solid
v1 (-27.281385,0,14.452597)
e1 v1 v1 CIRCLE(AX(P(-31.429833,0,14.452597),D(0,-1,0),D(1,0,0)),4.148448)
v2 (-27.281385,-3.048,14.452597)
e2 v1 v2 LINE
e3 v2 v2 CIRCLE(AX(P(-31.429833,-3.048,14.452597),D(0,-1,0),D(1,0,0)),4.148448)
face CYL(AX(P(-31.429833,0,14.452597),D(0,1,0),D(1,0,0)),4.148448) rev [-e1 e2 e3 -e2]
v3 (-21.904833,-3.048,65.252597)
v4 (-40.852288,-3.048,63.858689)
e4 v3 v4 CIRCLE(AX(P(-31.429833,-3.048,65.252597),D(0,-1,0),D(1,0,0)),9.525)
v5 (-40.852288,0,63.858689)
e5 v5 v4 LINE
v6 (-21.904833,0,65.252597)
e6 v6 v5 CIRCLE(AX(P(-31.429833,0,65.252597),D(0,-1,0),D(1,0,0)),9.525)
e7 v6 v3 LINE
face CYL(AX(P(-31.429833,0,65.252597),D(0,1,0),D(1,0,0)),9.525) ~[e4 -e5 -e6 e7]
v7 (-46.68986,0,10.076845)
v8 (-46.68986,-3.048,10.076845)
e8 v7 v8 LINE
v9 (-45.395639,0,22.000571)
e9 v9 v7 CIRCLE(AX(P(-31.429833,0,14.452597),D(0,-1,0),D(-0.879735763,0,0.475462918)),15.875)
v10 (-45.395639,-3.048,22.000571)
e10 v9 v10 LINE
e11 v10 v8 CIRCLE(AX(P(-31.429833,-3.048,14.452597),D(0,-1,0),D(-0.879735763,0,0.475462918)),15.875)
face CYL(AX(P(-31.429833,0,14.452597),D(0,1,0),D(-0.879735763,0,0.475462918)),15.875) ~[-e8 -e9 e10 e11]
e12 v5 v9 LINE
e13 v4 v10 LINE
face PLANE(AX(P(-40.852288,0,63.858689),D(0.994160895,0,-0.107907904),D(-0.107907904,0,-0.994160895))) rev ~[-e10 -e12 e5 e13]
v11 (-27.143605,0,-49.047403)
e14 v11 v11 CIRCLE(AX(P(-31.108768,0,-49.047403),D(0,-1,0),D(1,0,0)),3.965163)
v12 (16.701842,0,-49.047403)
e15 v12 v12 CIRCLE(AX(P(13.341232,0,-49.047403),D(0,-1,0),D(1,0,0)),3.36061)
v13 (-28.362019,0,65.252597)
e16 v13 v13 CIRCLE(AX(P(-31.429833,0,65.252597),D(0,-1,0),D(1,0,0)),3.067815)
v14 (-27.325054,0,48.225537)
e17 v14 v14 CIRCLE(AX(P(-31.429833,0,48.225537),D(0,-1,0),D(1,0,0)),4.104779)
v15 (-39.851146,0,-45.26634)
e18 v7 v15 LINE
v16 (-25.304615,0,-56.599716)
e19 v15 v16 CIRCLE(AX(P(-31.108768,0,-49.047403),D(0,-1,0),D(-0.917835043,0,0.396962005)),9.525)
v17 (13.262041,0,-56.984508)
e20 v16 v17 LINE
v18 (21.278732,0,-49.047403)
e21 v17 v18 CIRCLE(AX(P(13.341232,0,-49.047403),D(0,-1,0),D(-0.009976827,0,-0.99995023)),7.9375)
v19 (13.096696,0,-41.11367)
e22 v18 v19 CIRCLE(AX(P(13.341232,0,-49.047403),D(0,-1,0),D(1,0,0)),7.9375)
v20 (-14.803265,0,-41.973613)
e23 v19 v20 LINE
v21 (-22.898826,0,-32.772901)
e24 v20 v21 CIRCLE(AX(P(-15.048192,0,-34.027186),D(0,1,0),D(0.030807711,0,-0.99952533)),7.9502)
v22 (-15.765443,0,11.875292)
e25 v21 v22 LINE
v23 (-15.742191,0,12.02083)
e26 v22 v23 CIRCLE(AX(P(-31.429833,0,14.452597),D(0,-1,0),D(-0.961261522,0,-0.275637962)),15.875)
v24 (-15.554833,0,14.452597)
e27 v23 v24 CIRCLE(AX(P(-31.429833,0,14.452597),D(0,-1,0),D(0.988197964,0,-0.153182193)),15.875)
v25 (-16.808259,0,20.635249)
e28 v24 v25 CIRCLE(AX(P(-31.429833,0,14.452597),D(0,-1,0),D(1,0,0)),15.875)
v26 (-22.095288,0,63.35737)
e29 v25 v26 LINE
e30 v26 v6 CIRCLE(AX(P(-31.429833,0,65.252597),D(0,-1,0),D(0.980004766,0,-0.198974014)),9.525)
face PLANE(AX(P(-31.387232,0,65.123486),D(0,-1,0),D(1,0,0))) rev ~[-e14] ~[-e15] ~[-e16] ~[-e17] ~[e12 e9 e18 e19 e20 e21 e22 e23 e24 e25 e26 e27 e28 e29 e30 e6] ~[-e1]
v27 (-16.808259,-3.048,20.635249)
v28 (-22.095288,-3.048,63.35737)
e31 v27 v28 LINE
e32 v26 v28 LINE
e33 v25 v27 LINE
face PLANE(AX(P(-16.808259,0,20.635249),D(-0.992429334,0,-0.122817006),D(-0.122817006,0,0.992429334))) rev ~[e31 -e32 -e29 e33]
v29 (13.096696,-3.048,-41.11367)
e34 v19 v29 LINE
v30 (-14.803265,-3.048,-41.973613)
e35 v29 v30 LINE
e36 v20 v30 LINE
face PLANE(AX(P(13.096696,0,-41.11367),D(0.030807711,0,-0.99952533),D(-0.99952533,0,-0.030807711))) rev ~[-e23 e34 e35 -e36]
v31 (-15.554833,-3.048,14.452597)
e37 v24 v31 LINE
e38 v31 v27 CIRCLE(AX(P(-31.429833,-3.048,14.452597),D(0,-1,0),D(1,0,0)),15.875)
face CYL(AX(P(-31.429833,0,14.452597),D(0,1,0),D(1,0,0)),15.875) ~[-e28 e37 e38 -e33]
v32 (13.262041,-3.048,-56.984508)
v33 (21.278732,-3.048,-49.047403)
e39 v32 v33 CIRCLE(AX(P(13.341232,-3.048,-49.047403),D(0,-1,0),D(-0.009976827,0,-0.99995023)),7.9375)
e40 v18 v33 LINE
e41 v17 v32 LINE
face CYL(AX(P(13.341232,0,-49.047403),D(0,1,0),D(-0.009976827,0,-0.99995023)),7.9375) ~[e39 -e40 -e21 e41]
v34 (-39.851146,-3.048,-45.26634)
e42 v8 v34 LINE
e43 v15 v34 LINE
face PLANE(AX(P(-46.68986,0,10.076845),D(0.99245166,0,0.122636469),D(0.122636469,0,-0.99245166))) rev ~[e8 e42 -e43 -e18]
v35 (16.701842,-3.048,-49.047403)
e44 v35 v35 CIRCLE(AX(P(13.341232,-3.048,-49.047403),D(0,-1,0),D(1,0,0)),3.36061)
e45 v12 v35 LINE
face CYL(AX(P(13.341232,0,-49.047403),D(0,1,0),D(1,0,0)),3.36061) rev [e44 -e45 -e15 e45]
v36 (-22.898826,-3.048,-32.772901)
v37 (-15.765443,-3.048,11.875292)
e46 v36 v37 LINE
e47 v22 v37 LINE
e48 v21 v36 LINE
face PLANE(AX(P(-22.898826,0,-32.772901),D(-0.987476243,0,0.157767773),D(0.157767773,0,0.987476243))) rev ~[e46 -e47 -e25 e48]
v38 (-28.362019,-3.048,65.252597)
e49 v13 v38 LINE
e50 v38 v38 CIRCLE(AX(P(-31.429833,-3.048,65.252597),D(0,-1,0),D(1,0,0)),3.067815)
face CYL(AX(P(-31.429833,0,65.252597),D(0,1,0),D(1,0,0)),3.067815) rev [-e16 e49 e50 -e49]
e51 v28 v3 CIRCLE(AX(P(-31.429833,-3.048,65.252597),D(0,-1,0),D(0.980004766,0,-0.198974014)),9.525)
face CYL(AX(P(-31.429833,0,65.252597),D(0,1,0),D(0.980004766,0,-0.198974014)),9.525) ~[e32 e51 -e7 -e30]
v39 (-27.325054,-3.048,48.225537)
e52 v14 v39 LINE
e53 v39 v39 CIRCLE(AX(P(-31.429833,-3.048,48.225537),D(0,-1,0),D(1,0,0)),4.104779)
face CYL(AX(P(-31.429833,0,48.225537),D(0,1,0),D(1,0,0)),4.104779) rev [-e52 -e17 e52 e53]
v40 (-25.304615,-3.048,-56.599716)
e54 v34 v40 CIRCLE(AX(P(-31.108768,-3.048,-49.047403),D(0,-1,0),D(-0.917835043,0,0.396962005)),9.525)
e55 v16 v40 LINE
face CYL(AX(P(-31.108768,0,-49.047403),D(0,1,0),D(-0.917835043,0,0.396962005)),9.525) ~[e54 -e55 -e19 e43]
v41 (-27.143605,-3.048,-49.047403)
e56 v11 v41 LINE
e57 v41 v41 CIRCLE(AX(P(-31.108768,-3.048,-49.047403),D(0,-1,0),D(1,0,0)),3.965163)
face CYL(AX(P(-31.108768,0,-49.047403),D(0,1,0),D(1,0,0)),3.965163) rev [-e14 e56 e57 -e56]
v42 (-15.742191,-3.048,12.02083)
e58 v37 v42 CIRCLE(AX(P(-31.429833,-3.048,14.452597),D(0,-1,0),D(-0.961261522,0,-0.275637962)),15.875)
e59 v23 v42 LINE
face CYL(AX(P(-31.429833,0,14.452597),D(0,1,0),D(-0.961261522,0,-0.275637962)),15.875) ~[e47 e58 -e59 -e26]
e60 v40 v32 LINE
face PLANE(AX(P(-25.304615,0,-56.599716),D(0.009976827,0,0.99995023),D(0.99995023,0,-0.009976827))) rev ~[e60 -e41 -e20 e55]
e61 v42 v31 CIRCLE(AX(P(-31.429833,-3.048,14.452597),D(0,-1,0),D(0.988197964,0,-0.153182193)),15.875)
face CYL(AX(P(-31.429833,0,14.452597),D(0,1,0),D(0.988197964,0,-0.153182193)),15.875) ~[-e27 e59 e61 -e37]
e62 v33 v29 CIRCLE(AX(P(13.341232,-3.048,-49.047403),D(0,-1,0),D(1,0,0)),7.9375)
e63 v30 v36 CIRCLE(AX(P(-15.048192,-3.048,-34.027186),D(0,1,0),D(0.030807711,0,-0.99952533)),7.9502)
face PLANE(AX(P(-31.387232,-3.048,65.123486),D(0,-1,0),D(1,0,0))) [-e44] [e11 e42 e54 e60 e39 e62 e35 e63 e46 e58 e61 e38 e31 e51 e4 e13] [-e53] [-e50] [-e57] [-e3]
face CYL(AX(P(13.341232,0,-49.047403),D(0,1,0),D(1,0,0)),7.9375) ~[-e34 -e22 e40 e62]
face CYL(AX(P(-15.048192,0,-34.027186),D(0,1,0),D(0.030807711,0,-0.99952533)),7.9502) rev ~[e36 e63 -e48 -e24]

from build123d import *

# Parameters (mm, degrees)
F0_R     = 3.0678148128
F0_R_2   = 4.1047794864
F0_R_3   = 4.1484481905
F0_R_4   = 3.9651627148
F0_R_5   = 3.3606099615
F1_DEPTH = 3.048


with BuildPart() as f1:
    # F0 (on Front) → F1 (new body)
    with BuildSketch(Plane.XZ):
        with BuildLine():
            ThreePointArc((-22.0952880495, 63.3573697132), (-21.9525667016, 64.3002107009), (-21.9048334464, 65.252597202))
            ThreePointArc((-21.9048334464, 65.252597202), (-32.1286708221, 74.7519261953), (-40.8522877923, 63.8586893501))
            ThreePointArc((-40.8522877923, 63.8586893501), (-31.6843179064, 55.7309974069), (-22.0952880495, 63.3573697132))
        make_face()
        with Locations((-31.4298334464, 65.252597202)):
            Circle(F0_R, mode=Mode.SUBTRACT)
        with BuildLine():
            Line((-22.8988258818, -32.7729009955), (-15.7421907695, 12.0208298938))
            ThreePointArc((-15.7421907695, 12.0208298938), (-30.4346030163, -1.3911757511), (-46.6898601111, 10.076844559))
            Line((-46.6898601111, 10.076844559), (-39.8511464985, -45.2663396961))
            ThreePointArc((-39.8511464985, -45.2663396961), (-29.178163265, -39.7201099719), (-21.5837677135, -49.047402798))
            ThreePointArc((-21.5837677135, -49.047402798), (-22.5644659866, -53.2569791424), (-25.3046145376, -56.599715749))
            Line((-25.3046145376, -56.599715749), (13.2620412226, -56.9845077504))
            ThreePointArc((13.2620412226, -56.9845077504), (5.404163013, -49.1300925666), (13.0966960788, -41.1136704926))
            Line((13.0966960788, -41.1136704926), (-14.8032647914, -41.9736126187))
            ThreePointArc((-14.8032647914, -41.9736126187), (-21.0168575298, -39.2789208077), (-22.8988258818, -32.7729009955))
        make_face()
        with BuildLine():
            ThreePointArc((-22.0952880495, 63.3573697132), (-31.6843179064, 55.7309974069), (-40.8522877923, 63.8586893501))
            Line((-40.8522877923, 63.8586893501), (-45.3956386903, 22.0005710287))
            ThreePointArc((-45.3956386903, 22.0005710287), (-30.6725126501, 30.309522825), (-16.808258716, 20.6352485268))
            Line((-16.808258716, 20.6352485268), (-22.0952880495, 63.3573697132))
        make_face()
        with Locations((-31.4298334464, 48.2255369425)):
            Circle(F0_R_2, mode=Mode.SUBTRACT)
        with BuildLine():
            Line((-46.6898601111, 10.076844559), (-45.3956386903, 22.0005710287))
            ThreePointArc((-45.3956386903, 22.0005710287), (-47.2121376482, 16.1656351704), (-46.6898601111, 10.076844559))
        make_face()
        with BuildLine():
            ThreePointArc((-16.808258716, 20.6352485268), (-30.6725126501, 30.309522825), (-45.3956386903, 22.0005710287))
            Line((-45.3956386903, 22.0005710287), (-46.6898601111, 10.076844559))
            ThreePointArc((-46.6898601111, 10.076844559), (-30.4346030163, -1.3911757511), (-15.7421907695, 12.0208298938))
            Line((-15.7421907695, 12.0208298938), (-16.808258716, 20.6352485268))
        make_face()
        with Locations((-31.4298334464, 14.452597202)):
            Circle(F0_R_3, mode=Mode.SUBTRACT)
        with BuildLine():
            ThreePointArc((-15.5548334464, 14.452597202), (-15.8713450261, 17.6068107454), (-16.808258716, 20.6352485268))
            Line((-16.808258716, 20.6352485268), (-15.7421907695, 12.0208298938))
            ThreePointArc((-15.7421907695, 12.0208298938), (-15.6017420817, 13.2331101164), (-15.5548334464, 14.452597202))
        make_face()
        with BuildLine():
            ThreePointArc((-21.5837677135, -49.047402798), (-29.178163265, -39.7201099719), (-39.8511464985, -45.2663396961))
            ThreePointArc((-39.8511464985, -45.2663396961), (-36.962795867, -56.5611222084), (-25.3046145376, -56.599715749))
            ThreePointArc((-25.3046145376, -56.599715749), (-22.5644659866, -53.2569791424), (-21.5837677135, -49.047402798))
        make_face()
        with Locations((-31.1087677135, -49.047402798)):
            Circle(F0_R_4, mode=Mode.SUBTRACT)
        with BuildLine():
            ThreePointArc((13.0966960788, -41.1136704926), (5.404163013, -49.1300925666), (13.2620412226, -56.9845077504))
            ThreePointArc((13.2620412226, -56.9845077504), (18.925823909, -54.6879916555), (21.2787322865, -49.047402798))
            ThreePointArc((21.2787322865, -49.047402798), (18.8667594152, -43.3489419356), (13.0966960788, -41.1136704926))
        make_face()
        with Locations((13.3412322865, -49.047402798)):
            Circle(F0_R_5, mode=Mode.SUBTRACT)
    extrude(amount=F1_DEPTH)


solid = f1.part
